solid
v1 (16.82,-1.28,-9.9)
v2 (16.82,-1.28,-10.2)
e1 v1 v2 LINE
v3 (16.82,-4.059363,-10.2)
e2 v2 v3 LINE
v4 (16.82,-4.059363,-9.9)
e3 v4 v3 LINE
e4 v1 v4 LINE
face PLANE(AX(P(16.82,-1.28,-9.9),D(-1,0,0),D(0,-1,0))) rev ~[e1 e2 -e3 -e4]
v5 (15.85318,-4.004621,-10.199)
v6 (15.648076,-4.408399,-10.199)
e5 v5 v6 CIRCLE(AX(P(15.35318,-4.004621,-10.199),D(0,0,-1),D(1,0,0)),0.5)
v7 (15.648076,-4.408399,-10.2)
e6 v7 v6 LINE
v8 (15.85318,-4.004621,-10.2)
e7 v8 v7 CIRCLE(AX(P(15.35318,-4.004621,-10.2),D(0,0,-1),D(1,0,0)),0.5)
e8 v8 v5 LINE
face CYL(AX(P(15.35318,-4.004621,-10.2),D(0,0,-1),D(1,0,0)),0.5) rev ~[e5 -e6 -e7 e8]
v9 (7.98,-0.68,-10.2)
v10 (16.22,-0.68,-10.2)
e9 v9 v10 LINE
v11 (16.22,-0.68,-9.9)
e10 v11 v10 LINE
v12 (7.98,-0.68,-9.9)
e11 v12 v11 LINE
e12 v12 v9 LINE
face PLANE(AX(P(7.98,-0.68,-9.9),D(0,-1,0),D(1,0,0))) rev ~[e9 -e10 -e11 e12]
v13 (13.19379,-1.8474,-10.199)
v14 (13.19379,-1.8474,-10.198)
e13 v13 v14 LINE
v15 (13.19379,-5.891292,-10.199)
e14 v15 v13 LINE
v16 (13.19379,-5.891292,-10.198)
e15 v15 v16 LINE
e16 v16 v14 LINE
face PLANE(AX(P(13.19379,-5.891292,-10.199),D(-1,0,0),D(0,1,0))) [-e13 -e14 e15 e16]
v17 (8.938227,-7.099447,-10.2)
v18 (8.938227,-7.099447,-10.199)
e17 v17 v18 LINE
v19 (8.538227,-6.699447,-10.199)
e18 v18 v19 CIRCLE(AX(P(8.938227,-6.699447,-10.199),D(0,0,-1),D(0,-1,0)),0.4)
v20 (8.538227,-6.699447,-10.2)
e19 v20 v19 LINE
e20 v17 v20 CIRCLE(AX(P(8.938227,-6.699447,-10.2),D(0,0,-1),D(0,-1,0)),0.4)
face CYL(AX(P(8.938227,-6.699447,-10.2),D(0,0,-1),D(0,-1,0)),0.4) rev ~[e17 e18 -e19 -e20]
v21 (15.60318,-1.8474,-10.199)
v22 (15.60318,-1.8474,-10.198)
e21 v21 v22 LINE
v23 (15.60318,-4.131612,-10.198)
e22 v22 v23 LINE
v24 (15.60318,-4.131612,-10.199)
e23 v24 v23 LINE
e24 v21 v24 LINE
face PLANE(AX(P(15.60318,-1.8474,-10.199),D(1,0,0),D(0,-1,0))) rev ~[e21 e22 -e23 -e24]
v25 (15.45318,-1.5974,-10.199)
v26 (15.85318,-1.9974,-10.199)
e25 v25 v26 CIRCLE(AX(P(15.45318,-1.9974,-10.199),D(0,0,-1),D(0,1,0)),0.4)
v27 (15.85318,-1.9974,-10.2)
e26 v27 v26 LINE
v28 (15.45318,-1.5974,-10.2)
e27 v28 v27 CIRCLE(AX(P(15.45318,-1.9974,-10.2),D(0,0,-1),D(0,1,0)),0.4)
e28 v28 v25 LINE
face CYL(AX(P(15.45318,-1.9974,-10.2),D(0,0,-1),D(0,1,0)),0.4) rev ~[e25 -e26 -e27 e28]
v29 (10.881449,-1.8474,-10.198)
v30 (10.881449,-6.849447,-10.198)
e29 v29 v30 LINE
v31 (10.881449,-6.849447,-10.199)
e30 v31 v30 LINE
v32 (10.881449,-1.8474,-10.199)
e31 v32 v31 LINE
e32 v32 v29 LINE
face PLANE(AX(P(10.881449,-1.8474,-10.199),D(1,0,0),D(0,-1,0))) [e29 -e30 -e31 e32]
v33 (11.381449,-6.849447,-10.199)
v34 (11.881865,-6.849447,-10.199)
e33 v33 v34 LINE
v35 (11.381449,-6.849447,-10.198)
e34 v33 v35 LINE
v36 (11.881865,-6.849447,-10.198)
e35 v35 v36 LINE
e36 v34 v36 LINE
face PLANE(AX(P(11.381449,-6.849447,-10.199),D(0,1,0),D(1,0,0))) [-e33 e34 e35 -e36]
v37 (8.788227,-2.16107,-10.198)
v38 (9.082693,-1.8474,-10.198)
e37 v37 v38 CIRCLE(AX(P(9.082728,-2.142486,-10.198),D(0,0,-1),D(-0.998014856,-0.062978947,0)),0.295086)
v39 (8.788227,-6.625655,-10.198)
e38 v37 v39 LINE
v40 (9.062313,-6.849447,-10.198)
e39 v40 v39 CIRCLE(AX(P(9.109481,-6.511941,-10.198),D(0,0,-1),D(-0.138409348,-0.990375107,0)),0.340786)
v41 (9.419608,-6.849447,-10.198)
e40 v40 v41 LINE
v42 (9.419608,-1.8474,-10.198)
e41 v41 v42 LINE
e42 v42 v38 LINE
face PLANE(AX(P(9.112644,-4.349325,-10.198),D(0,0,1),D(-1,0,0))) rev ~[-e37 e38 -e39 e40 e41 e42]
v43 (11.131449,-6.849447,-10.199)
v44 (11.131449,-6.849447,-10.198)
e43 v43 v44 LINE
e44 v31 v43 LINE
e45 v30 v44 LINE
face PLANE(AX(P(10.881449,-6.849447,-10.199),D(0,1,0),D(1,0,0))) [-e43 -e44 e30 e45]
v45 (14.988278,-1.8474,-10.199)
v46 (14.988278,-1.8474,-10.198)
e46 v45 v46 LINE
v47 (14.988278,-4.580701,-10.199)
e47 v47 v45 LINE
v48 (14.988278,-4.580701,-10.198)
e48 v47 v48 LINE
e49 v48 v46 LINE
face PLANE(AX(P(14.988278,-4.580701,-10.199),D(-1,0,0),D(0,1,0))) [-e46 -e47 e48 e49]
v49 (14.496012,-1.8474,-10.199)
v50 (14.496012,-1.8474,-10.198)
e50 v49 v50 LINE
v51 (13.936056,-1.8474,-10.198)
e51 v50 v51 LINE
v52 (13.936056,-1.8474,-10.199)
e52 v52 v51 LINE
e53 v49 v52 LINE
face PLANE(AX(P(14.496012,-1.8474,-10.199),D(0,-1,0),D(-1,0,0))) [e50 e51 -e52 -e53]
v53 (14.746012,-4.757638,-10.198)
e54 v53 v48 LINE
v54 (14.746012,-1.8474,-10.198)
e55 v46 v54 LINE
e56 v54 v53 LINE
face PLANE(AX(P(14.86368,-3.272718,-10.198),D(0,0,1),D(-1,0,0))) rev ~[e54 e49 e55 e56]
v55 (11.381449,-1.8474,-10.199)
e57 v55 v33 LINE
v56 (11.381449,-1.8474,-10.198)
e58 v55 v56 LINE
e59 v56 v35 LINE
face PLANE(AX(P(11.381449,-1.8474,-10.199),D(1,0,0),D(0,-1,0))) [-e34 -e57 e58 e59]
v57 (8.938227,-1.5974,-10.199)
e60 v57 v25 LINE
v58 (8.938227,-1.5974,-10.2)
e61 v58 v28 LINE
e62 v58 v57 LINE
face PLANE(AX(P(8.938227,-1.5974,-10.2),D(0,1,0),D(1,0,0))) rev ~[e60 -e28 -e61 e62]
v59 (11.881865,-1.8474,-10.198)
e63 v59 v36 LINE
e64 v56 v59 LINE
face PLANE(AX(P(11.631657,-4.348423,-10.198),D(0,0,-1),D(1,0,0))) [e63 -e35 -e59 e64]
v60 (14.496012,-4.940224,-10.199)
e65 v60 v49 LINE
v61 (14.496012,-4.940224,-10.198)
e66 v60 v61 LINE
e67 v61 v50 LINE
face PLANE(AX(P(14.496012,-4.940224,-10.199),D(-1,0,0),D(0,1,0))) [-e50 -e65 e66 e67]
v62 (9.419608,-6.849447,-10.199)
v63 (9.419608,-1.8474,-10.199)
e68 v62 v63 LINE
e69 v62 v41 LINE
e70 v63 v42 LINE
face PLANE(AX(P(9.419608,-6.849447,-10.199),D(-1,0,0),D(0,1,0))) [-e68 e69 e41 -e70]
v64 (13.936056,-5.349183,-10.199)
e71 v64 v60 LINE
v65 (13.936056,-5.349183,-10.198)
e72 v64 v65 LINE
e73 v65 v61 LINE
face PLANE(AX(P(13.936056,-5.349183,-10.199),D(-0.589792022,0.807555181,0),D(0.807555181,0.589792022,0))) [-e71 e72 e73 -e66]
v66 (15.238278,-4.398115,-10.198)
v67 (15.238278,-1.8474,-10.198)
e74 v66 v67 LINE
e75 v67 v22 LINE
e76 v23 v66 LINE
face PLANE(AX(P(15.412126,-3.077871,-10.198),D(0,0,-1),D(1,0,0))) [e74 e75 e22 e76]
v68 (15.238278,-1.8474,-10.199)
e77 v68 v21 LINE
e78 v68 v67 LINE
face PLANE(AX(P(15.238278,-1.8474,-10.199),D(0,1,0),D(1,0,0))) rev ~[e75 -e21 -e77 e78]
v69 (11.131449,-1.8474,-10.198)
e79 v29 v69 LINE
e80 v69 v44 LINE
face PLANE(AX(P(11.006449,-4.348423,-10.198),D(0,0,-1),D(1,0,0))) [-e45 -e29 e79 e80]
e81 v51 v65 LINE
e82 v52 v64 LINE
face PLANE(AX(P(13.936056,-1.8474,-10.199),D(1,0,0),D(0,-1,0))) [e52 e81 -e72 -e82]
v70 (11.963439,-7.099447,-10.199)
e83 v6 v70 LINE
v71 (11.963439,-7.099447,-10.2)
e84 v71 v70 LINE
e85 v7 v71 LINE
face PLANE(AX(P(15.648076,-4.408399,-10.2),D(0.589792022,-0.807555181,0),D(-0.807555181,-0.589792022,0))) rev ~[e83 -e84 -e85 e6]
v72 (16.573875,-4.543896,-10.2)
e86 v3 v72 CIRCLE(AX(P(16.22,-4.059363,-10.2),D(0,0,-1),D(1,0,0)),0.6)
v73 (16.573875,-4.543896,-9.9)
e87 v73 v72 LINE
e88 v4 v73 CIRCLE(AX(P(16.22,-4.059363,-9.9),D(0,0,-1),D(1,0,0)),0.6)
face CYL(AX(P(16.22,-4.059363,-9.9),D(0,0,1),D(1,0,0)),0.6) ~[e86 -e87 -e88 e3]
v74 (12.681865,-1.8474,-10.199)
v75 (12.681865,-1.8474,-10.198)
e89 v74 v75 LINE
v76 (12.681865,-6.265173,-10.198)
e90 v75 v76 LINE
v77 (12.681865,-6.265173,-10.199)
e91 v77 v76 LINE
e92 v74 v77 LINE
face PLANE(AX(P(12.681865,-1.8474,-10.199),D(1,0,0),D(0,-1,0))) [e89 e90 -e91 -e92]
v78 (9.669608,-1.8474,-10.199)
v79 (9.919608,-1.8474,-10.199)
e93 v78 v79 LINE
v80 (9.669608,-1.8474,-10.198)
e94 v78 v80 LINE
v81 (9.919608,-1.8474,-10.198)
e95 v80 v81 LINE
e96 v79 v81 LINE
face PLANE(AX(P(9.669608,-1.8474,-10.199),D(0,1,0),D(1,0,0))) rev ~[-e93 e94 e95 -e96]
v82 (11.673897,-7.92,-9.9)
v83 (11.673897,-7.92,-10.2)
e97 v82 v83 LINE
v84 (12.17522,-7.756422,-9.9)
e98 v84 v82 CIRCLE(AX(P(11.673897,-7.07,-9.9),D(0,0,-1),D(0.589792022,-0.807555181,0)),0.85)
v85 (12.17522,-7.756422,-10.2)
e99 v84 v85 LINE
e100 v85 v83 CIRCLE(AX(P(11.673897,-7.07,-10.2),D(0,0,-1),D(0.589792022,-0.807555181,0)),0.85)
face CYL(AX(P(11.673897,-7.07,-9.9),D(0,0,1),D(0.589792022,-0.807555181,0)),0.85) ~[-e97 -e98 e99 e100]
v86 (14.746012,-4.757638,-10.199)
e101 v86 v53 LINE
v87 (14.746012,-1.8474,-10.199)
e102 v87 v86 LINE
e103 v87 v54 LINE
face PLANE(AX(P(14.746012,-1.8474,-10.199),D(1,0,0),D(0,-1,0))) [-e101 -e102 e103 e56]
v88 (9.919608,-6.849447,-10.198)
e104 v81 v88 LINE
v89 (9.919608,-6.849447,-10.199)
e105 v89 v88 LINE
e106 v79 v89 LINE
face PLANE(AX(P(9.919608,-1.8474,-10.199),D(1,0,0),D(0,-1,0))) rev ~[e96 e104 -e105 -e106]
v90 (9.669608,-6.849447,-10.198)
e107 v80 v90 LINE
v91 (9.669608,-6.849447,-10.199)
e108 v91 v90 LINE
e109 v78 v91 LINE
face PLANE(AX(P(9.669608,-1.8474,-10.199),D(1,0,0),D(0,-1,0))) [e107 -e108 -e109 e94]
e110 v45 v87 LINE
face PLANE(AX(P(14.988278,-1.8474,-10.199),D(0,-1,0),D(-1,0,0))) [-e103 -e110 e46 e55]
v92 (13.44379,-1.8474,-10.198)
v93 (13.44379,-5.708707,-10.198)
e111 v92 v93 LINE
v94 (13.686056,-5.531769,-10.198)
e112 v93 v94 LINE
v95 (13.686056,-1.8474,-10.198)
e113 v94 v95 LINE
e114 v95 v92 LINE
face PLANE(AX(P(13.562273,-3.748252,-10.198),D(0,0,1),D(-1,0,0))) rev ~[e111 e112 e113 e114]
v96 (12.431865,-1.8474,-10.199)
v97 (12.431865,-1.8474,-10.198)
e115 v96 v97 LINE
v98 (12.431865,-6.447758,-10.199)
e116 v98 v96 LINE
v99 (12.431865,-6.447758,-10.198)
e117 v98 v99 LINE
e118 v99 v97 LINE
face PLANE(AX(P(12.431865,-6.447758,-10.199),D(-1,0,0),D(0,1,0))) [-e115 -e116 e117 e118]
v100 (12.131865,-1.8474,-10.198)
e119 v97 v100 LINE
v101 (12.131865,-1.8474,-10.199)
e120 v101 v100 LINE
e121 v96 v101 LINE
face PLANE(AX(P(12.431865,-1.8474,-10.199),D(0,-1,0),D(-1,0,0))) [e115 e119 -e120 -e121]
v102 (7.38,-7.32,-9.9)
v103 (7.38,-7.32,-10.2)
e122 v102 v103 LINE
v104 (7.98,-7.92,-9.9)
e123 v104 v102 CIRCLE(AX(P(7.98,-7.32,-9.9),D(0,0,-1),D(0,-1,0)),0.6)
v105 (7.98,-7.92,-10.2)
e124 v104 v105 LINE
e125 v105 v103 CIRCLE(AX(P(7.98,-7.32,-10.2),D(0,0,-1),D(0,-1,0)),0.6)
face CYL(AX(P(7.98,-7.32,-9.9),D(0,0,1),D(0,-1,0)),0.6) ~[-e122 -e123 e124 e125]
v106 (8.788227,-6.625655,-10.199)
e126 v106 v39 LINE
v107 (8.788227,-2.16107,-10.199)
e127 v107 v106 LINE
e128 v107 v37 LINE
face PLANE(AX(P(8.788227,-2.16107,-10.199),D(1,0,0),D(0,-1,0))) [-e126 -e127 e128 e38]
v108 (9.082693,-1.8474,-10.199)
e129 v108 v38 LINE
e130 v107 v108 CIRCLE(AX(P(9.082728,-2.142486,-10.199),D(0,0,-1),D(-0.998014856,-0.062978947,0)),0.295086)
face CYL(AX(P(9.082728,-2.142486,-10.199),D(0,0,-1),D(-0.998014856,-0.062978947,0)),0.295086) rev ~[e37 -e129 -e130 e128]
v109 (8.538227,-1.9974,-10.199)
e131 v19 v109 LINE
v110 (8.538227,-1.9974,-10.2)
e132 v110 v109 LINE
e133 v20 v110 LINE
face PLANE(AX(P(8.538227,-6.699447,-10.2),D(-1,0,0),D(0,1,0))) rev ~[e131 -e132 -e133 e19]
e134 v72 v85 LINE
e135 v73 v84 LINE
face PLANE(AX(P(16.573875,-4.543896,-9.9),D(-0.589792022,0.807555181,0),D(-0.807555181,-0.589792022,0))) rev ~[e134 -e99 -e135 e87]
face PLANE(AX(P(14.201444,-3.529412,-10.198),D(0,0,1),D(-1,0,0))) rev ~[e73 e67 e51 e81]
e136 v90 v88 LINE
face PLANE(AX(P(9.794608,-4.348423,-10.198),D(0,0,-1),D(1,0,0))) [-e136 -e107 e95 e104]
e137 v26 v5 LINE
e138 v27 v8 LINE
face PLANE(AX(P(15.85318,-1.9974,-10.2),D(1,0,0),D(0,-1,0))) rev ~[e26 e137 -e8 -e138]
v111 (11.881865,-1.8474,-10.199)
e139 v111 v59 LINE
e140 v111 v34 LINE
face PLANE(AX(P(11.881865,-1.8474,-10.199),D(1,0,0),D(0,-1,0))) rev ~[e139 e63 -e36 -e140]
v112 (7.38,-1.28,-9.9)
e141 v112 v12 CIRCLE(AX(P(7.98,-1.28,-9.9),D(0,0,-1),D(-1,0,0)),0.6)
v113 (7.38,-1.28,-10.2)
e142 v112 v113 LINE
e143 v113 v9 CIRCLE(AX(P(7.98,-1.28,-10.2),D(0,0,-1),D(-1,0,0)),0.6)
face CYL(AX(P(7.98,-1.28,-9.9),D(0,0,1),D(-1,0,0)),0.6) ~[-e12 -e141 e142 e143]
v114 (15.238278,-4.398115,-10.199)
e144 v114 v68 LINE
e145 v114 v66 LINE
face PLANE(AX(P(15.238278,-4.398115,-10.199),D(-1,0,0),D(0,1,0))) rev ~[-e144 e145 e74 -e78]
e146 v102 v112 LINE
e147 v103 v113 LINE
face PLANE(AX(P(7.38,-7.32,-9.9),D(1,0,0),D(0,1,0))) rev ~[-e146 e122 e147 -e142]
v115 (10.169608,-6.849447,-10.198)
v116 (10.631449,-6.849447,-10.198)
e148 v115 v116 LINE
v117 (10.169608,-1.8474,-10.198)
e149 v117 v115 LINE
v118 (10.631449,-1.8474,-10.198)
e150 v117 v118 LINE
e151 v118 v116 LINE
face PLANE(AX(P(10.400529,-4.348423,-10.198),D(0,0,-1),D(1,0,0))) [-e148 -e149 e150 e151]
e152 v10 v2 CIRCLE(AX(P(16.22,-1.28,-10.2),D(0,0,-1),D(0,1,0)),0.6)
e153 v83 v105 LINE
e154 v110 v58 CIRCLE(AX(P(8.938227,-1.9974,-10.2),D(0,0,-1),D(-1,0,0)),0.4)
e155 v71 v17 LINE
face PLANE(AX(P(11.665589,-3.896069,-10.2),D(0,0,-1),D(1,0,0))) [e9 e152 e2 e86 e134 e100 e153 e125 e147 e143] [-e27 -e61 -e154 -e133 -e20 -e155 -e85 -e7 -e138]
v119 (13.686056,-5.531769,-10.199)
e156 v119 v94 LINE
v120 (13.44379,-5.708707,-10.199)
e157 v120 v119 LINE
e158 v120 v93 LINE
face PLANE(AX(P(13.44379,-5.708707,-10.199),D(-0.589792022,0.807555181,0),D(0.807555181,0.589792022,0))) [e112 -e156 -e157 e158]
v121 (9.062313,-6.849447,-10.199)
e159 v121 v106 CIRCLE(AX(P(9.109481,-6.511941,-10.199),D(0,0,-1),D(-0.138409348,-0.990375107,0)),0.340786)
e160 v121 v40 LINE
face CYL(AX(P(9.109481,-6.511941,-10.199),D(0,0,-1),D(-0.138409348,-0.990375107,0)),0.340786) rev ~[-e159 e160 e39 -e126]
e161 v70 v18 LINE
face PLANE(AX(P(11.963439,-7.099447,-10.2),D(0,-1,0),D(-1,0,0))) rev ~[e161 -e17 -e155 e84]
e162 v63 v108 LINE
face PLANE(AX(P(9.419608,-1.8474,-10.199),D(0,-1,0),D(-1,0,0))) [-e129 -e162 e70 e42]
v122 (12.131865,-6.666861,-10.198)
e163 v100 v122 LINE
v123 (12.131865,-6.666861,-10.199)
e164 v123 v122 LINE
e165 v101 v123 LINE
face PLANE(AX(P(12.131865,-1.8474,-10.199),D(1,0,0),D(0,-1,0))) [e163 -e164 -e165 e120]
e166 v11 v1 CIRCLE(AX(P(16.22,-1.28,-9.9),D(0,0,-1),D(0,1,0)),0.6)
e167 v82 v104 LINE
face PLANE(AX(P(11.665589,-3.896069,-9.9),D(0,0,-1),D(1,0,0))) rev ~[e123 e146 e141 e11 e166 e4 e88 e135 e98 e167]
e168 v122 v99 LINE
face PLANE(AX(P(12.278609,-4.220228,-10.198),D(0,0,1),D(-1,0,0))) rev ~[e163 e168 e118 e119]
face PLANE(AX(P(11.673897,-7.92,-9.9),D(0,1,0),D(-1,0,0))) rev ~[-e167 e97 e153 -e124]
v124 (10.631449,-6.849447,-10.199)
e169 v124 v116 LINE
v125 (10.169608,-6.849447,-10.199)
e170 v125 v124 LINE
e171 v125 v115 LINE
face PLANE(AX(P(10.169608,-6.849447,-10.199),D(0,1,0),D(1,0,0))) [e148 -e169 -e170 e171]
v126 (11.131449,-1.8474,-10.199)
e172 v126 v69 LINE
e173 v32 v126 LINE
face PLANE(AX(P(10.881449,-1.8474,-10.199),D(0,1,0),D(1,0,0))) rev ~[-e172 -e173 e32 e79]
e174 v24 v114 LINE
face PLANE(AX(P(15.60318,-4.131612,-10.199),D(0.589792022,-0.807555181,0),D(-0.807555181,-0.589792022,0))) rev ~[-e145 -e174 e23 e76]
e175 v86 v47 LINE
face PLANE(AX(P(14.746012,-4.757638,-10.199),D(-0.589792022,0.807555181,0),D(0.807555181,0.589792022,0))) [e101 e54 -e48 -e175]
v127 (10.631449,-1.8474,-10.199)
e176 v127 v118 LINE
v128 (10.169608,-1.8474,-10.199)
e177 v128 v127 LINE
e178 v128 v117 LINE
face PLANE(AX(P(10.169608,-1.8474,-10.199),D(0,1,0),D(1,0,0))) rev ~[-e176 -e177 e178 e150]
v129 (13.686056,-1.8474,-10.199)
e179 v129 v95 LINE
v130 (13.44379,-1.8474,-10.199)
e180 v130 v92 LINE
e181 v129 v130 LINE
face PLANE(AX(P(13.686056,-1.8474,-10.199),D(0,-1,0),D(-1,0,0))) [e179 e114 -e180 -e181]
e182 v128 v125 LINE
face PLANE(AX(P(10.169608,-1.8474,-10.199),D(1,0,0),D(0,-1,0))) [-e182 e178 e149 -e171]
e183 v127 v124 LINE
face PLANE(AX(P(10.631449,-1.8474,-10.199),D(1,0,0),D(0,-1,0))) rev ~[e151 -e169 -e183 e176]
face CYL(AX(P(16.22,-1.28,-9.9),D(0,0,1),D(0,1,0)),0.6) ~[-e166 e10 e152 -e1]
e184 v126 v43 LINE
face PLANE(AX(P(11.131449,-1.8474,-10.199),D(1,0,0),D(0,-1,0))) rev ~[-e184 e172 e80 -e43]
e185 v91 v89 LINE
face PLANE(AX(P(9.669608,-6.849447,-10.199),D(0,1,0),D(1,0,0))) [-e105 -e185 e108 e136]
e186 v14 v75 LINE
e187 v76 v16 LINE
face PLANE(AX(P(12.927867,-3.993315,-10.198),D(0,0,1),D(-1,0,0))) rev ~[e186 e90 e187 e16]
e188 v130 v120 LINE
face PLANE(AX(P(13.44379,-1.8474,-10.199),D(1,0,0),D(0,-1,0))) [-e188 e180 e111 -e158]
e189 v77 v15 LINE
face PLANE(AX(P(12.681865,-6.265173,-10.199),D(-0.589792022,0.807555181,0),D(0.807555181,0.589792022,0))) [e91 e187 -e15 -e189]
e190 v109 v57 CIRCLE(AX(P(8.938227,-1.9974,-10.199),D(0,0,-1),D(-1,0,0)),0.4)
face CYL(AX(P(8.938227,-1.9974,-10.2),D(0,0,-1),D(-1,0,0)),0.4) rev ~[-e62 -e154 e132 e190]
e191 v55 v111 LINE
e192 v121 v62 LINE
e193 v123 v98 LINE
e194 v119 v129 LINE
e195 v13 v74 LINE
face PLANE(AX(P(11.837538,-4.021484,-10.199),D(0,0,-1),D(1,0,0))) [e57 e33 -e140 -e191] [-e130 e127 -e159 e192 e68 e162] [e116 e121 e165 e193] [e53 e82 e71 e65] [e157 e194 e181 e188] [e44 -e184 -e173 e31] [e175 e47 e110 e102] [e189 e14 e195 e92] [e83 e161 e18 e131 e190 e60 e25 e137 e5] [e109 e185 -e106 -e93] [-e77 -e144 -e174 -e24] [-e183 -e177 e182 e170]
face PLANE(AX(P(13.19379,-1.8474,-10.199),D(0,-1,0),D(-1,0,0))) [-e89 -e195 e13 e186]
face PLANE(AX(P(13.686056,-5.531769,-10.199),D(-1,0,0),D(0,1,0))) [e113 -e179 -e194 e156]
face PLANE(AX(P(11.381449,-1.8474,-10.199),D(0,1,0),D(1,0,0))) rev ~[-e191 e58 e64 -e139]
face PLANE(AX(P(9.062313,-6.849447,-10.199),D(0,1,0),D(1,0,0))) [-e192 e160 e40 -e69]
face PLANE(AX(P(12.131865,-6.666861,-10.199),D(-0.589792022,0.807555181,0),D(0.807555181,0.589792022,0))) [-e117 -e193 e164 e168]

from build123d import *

# Parameters (mm, degrees)
PAD006_DEPTH    = 0.3
POCKET015_DEPTH = 0.001
SKETCH023_W     = 0.500416358
SKETCH023_H     = 5.002047251
SKETCH023_W_2   = 0.25
SKETCH023_W_3   = 0.461841
POCKET016_DEPTH = 0.001


with BuildPart() as part:
    # Sketch021 (on Face1 of Binder006) → Pad006 (new body)
    with BuildSketch(Plane(origin=(0, 0, -9.9), x_dir=(1, 0, 0), z_dir=(0, 0, -1))):
        with BuildLine():
            Line((7.38, 7.32), (7.38, 1.28))
            ThreePointArc((7.38, 1.28), (7.5557359313, 0.8557359313), (7.98, 0.68))
            Line((7.98, 0.68), (16.22, 0.68))
            ThreePointArc((16.22, 0.68), (16.6442640687, 0.8557359313), (16.82, 1.28))
            Line((16.82, 1.28), (16.82, 4.0593629773))
            ThreePointArc((16.82, 4.0593629773), (16.7549416454, 4.3310934246), (16.5738752133, 4.543896086))
            Line((16.5738752133, 4.543896086), (12.1752198046, 7.7564219039))
            ThreePointArc((12.1752198046, 7.7564219039), (11.9375643517, 7.8780713515), (11.6738965857, 7.92))
            Line((11.6738965857, 7.92), (7.98, 7.92))
            ThreePointArc((7.98, 7.92), (7.5557359313, 7.7442640687), (7.38, 7.32))
        make_face()
    extrude(amount=PAD006_DEPTH)

    # Sketch022 (on Face12 of Pad006) → Pocket015 (cut)
    with BuildSketch(Plane(origin=(0, 0, -10.2), x_dir=(1, 0, 0), z_dir=(0, 0, -1))):
        with BuildLine():
            Line((8.5382272485, 6.6994467778), (8.5382272485, 1.9973995268))
            ThreePointArc((8.5382272485, 1.9973995268), (8.655384536, 1.7145568143), (8.9382272485, 1.5973995268))
            Line((8.9382272485, 1.5973995268), (15.4531796461, 1.5973995268))
            ThreePointArc((15.4531796461, 1.5973995268), (15.7360223586, 1.7145568143), (15.8531796461, 1.9973995268))
            Line((15.8531796461, 1.9973995268), (15.8531796461, 4.0046213992))
            ThreePointArc((15.8531796461, 4.0046213992), (15.7989643506, 4.2310634386), (15.6480756572, 4.4083989897))
            Line((15.6480756572, 4.4083989897), (11.9634385277, 7.0994467778))
            Line((11.9634385277, 7.0994467778), (8.9382272485, 7.0994467778))
            ThreePointArc((8.9382272485, 7.0994467778), (8.655384536, 6.9822894903), (8.5382272485, 6.6994467778))
        make_face()
    extrude(amount=-POCKET015_DEPTH, mode=Mode.SUBTRACT)

    # Sketch023 (on Face22 of Pocket015) → Pocket016 (cut)
    with BuildSketch(Plane(origin=(0, 0, -10.199), x_dir=(1, 0, 0), z_dir=(0, 0, -1))):
        Polygon((15.2382783773, 4.3981150688), (15.2382783773, 1.8473995268), (15.6031796461, 1.8473995268), (15.6031796461, 4.1316120951), align=None)
        Polygon((14.9882783773, 4.580700741), (14.9882783773, 1.8473995268), (14.746011823, 1.8473995268), (14.746011823, 4.7576383477), align=None)
        Polygon((14.496011823, 4.9402240199), (14.496011823, 1.8473995268), (13.9360564118, 1.8473995268), (13.9360564118, 5.3491833605), align=None)
        Polygon((13.6860564118, 5.5317690326), (13.6860564118, 1.8473995268), (13.4437898574, 1.8473995268), (13.4437898574, 5.7087066393), align=None)
        Polygon((13.1937898574, 5.8912923115), (13.1937898574, 1.8473995268), (12.681865358, 1.8473995268), (12.681865358, 6.2651726269), align=None)
        Polygon((12.431865358, 6.447758299), (12.431865358, 1.8473995268), (12.131865358, 1.8473995268), (12.131865358, 6.6668611056), align=None)
        with Locations((11.631657179, 4.3484231523)):
            Rectangle(SKETCH023_W, SKETCH023_H)
        with Locations((11.006449, 4.3484231523)):
            Rectangle(SKETCH023_W_2, SKETCH023_H)
        with Locations((10.4005285, 4.3484231523)):
            Rectangle(SKETCH023_W_3, SKETCH023_H)
        with Locations((9.794608, 4.3484231523)):
            Rectangle(SKETCH023_W_2, SKETCH023_H)
        with BuildLine():
            Line((9.419608, 6.8494467778), (9.419608, 1.8473995268))
            Line((9.419608, 1.8473995268), (9.08269333, 1.8473995268))
            ThreePointArc((8.7882272485, 2.161070185), (8.8675882445, 1.9405182967), (9.08269333, 1.8473995268))
            Line((8.7882272485, 2.161070185), (8.7882272485, 6.625654773))
            ThreePointArc((9.0623132914, 6.8494467778), (8.893948417, 6.7759117649), (8.7882272485, 6.625654773))
            Line((9.0623132914, 6.8494467778), (9.419608, 6.8494467778))
        make_face()
    extrude(amount=-POCKET016_DEPTH, mode=Mode.SUBTRACT)


solid = part.part
